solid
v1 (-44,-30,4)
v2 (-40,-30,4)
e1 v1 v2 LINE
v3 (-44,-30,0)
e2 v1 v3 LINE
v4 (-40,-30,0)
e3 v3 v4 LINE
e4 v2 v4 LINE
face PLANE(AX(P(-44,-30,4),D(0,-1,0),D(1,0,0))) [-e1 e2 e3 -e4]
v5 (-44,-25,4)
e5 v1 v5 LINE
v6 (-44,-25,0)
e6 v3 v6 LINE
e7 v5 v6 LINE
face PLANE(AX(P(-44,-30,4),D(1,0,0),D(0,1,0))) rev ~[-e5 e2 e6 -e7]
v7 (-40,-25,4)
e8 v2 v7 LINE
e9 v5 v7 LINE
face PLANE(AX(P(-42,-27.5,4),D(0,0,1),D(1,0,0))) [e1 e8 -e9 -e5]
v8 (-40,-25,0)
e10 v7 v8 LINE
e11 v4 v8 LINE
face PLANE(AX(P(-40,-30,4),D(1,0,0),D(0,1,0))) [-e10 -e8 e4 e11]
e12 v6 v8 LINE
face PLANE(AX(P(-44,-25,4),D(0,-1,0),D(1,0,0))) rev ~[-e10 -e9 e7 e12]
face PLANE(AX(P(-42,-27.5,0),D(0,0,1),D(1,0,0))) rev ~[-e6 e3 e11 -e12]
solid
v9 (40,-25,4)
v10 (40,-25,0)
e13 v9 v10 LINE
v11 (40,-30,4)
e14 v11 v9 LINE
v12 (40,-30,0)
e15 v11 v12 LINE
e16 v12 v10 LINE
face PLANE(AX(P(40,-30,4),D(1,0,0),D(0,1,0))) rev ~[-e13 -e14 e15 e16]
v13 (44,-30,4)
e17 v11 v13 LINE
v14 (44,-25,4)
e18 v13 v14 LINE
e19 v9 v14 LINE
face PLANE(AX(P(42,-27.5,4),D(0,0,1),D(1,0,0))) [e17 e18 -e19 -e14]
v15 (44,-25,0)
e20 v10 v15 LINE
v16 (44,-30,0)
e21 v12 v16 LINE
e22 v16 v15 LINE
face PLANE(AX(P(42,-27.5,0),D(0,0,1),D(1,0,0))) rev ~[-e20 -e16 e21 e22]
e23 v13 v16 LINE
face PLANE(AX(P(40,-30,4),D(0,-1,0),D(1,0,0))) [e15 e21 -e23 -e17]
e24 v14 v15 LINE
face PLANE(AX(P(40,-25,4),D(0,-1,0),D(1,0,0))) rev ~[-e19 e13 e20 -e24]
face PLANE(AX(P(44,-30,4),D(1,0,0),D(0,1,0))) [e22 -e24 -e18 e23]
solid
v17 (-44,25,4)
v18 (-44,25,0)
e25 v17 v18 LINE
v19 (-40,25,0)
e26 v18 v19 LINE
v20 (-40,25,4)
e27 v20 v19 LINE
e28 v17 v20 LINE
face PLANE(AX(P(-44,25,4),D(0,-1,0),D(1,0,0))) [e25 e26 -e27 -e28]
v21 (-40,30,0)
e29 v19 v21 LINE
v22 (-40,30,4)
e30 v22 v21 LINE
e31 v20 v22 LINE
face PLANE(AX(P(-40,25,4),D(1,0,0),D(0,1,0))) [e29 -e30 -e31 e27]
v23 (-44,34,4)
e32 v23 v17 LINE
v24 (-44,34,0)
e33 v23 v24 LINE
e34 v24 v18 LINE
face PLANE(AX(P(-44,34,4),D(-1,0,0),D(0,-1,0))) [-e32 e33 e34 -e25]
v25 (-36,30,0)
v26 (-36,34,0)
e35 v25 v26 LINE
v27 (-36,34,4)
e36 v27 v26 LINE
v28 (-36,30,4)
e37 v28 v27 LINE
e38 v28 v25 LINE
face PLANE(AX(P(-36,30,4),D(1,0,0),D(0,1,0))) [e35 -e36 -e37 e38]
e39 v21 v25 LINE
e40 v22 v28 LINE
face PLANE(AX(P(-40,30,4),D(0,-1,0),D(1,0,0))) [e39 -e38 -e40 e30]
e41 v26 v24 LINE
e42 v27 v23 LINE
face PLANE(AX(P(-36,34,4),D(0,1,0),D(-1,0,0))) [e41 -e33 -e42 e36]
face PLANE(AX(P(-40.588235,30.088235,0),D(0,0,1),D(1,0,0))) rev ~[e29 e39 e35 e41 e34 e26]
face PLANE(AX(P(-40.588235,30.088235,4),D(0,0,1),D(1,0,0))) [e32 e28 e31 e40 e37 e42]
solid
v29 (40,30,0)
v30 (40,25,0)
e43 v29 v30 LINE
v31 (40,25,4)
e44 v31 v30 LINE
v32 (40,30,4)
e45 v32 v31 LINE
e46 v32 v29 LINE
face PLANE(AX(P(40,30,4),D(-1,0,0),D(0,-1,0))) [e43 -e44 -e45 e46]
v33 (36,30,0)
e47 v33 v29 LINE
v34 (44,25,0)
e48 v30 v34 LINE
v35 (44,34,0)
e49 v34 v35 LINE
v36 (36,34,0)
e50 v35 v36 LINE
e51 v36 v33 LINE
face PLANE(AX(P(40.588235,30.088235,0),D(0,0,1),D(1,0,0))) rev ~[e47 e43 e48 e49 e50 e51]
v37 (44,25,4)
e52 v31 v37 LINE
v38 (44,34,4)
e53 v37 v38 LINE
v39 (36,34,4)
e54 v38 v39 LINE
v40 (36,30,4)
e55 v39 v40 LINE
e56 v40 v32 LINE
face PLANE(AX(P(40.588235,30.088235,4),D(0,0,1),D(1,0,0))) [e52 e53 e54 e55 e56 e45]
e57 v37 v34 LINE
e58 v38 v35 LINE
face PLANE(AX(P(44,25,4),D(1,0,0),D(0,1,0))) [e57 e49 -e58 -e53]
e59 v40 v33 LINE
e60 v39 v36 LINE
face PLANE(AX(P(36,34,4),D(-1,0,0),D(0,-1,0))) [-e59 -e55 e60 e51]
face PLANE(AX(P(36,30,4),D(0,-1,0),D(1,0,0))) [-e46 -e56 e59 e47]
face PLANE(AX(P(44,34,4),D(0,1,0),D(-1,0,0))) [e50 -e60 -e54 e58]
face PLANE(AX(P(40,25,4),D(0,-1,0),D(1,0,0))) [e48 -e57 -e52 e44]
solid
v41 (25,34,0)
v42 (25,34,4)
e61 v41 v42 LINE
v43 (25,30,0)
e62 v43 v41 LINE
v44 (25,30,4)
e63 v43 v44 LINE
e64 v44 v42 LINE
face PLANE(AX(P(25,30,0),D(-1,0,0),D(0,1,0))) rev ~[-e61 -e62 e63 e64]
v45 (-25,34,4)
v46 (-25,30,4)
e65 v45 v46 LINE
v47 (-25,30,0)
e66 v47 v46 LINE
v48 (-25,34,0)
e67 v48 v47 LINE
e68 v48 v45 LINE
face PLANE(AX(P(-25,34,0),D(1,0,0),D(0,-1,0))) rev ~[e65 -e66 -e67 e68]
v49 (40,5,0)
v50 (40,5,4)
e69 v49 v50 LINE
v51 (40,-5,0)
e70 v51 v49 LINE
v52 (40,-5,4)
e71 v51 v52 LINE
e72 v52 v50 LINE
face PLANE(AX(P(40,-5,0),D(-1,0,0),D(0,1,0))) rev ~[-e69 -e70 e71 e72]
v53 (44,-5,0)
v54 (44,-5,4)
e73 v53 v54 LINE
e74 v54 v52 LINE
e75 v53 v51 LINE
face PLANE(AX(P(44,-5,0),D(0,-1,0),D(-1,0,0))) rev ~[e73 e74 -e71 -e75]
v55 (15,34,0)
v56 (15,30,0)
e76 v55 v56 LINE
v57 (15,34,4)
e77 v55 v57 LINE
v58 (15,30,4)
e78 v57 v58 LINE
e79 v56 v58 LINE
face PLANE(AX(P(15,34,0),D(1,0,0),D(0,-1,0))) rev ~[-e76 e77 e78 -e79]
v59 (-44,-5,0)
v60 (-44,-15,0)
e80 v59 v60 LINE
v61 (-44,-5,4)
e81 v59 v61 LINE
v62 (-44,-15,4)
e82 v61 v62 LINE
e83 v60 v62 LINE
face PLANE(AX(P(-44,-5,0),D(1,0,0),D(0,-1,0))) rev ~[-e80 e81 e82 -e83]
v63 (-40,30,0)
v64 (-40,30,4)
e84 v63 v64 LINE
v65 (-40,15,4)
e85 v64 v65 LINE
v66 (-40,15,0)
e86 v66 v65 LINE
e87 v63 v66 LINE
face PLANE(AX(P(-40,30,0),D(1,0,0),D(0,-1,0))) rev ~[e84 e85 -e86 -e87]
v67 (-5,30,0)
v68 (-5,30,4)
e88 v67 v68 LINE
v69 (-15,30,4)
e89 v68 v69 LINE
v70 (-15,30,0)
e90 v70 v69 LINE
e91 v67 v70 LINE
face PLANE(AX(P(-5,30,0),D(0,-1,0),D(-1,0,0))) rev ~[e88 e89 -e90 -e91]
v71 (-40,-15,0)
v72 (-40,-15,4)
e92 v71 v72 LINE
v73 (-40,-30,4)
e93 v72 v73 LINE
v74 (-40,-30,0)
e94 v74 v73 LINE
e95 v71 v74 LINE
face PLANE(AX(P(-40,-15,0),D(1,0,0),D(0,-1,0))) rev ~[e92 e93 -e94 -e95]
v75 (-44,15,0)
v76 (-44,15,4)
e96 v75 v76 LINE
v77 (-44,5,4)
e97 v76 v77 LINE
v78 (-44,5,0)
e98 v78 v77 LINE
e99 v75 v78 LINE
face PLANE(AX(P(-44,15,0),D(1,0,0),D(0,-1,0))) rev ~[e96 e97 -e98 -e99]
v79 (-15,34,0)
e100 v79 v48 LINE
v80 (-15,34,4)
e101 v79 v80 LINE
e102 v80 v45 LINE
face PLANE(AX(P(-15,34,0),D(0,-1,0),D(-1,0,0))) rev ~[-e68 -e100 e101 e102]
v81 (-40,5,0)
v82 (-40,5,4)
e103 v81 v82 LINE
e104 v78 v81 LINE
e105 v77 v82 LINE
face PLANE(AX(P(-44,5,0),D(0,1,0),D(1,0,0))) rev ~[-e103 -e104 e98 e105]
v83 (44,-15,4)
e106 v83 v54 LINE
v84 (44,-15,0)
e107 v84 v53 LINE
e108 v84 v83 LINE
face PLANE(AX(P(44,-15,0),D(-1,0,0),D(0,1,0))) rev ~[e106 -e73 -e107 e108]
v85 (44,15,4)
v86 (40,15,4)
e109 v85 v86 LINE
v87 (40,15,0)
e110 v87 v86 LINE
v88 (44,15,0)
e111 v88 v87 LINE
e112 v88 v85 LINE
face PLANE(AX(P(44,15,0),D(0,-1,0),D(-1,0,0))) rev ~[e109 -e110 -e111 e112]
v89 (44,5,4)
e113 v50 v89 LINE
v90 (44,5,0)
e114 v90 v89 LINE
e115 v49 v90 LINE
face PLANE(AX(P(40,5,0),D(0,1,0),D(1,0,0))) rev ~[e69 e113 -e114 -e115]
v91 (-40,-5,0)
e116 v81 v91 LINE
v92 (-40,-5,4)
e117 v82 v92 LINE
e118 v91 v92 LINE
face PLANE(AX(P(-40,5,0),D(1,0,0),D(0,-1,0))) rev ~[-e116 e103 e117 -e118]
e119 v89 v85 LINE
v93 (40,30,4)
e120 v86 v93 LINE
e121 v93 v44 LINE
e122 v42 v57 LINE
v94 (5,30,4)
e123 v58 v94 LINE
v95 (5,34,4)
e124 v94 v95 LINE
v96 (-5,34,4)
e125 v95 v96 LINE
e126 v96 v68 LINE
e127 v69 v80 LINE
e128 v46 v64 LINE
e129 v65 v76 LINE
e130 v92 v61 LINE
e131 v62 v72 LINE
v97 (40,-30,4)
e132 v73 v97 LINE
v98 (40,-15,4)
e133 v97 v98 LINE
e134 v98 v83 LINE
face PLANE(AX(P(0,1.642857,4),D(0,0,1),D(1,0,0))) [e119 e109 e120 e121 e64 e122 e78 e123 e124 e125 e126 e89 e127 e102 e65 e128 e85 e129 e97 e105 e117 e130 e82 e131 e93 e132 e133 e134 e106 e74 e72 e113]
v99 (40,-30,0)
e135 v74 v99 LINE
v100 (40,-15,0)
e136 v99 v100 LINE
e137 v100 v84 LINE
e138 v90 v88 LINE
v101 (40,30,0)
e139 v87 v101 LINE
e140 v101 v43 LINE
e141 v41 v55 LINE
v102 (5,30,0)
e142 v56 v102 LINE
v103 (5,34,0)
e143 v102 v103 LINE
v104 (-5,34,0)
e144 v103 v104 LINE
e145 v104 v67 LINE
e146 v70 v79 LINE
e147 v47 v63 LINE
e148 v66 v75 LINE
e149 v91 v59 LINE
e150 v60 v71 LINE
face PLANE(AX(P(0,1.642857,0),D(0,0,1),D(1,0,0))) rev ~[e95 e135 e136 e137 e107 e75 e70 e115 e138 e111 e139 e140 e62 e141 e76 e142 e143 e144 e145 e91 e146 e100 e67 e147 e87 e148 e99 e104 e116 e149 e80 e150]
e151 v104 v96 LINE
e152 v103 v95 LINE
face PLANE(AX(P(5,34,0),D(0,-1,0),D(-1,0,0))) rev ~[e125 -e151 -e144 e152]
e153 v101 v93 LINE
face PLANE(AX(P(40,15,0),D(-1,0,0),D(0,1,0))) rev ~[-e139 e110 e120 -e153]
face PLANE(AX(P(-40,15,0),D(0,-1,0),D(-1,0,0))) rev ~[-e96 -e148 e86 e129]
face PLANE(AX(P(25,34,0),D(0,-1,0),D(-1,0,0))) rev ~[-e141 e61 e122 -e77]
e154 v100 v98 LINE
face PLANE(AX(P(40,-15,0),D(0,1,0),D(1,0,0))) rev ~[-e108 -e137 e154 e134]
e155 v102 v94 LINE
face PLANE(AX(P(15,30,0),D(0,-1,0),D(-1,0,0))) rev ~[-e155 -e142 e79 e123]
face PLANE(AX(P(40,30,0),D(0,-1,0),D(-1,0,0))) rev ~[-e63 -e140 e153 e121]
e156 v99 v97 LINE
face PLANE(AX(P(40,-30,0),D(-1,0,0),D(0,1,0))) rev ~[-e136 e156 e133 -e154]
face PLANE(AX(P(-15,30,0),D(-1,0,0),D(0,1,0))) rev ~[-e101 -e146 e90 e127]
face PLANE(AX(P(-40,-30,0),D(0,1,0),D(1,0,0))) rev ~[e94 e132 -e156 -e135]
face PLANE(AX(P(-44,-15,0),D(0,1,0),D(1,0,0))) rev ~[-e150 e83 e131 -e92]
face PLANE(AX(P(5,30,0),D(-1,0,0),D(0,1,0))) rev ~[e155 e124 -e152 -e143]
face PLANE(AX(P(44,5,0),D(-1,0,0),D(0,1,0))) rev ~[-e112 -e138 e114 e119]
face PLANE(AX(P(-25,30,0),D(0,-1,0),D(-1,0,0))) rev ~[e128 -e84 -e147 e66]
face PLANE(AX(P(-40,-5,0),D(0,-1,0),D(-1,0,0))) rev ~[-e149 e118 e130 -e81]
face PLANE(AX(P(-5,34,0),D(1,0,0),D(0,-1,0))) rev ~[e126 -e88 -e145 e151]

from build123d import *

# Parameters (mm, degrees)
SKETCH1_W             = 4
SKETCH1_H             = 5
BOSS_EXTRUDE1_DEPTH   = 4
BOSS_EXTRUDE2_DEPTH   = 4
BOSS_EXTRUDE2_2_DEPTH = 4
SKETCH2_W             = 4
SKETCH2_H             = 5
BOSS_EXTRUDE2_3_DEPTH = 4
BOSS_EXTRUDE2_4_DEPTH = 4


with BuildPart() as part:
    # Sketch1 → Boss-Extrude1 (new body)
    with BuildSketch(Plane.XY):
        Polygon((-25, 30), (-36, 30), (-36, 25), (-40, 25), (-40, 15), (-36, 15), (-36, 5), (-40, 5), (-40, -5), (-36, -5), (-36, -15), (-40, -15), (-40, -25), (-36, -25), (-36, -30), (36, -30), (36, -25), (40, -25), (40, -15), (36, -15), (36, -5), (40, -5), (40, 5), (36, 5), (36, 15), (40, 15), (40, 25), (36, 25), (36, 30), (25, 30), (25, 26), (15, 26), (15, 30), (5, 30), (5, 26), (-5, 26), (-5, 30), (-15, 30), (-15, 26), (-25, 26), align=None)
        Polygon((-36, 15), (-40, 15), (-40, 10), (-40, 5), (-36, 5), align=None)
        Polygon((-40, 10), (-40, 15), (-44, 15), (-44, 5), (-40, 5), align=None)
        Polygon((-36, -5), (-40, -5), (-40, -10), (-40, -15), (-36, -15), align=None)
        Polygon((-40, -10), (-40, -5), (-44, -5), (-44, -15), (-40, -15), align=None)
        with Locations((-38, -27.5)):
            Rectangle(SKETCH1_W, SKETCH1_H)
        with Locations((38, -27.5)):
            Rectangle(SKETCH1_W, SKETCH1_H)
        Polygon((36, -15), (40, -15), (40, -10), (40, -5), (36, -5), align=None)
        Polygon((40, -10), (40, -15), (44, -15), (44, -5), (40, -5), align=None)
        Polygon((40, 10), (40, 15), (36, 15), (36, 5), (40, 5), align=None)
        Polygon((44, 15), (40, 15), (40, 10), (40, 5), (44, 5), align=None)
        with Locations((38, 27.5)):
            Rectangle(SKETCH1_W, SKETCH1_H)
        Polygon((20, 30), (15, 30), (15, 26), (25, 26), (25, 30), align=None)
        Polygon((15, 34), (15, 30), (20, 30), (25, 30), (25, 34), align=None)
        Polygon((0, 30), (-5, 30), (-5, 26), (5, 26), (5, 30), align=None)
        Polygon((-5, 34), (-5, 30), (0, 30), (5, 30), (5, 34), align=None)
        with Locations((-38, 27.5)):
            Rectangle(SKETCH1_W, SKETCH1_H)
        Polygon((-20, 30), (-25, 30), (-25, 26), (-15, 26), (-15, 30), align=None)
        Polygon((-25, 34), (-25, 30), (-20, 30), (-15, 30), (-15, 34), align=None)
    extrude(amount=BOSS_EXTRUDE1_DEPTH)


with BuildPart() as body_2:
    # Sketch2 → Boss-Extrude2 (new body)
    with BuildSketch(Plane.XY.offset(4)):
        Polygon((-44, 34), (-44, 25), (-40, 25), (-40, 30), (-36, 30), (-36, 34), align=None)
    extrude(amount=-BOSS_EXTRUDE2_DEPTH)


with BuildPart() as body_3:
    # Sketch2 → Boss-Extrude2 2 (new body)
    with BuildSketch(Plane.XY.offset(4)):
        Polygon((40, 30), (40, 25), (44, 25), (44, 34), (36, 34), (36, 30), align=None)
    extrude(amount=-BOSS_EXTRUDE2_2_DEPTH)


with BuildPart() as body_4:
    # Sketch2 → Boss-Extrude2 3 (new body)
    with BuildSketch(Plane.XY.offset(4)):
        with Locations((42, -27.5)):
            Rectangle(SKETCH2_W, SKETCH2_H)
    extrude(amount=-BOSS_EXTRUDE2_3_DEPTH)


with BuildPart() as body_5:
    # Sketch2 → Boss-Extrude2 4 (new body)
    with BuildSketch(Plane.XY.offset(4)):
        with Locations((-42, -27.5)):
            Rectangle(SKETCH2_W, SKETCH2_H)
    extrude(amount=-BOSS_EXTRUDE2_4_DEPTH)


solid = Compound([part.part, body_2.part, body_3.part, body_4.part, body_5.part])
